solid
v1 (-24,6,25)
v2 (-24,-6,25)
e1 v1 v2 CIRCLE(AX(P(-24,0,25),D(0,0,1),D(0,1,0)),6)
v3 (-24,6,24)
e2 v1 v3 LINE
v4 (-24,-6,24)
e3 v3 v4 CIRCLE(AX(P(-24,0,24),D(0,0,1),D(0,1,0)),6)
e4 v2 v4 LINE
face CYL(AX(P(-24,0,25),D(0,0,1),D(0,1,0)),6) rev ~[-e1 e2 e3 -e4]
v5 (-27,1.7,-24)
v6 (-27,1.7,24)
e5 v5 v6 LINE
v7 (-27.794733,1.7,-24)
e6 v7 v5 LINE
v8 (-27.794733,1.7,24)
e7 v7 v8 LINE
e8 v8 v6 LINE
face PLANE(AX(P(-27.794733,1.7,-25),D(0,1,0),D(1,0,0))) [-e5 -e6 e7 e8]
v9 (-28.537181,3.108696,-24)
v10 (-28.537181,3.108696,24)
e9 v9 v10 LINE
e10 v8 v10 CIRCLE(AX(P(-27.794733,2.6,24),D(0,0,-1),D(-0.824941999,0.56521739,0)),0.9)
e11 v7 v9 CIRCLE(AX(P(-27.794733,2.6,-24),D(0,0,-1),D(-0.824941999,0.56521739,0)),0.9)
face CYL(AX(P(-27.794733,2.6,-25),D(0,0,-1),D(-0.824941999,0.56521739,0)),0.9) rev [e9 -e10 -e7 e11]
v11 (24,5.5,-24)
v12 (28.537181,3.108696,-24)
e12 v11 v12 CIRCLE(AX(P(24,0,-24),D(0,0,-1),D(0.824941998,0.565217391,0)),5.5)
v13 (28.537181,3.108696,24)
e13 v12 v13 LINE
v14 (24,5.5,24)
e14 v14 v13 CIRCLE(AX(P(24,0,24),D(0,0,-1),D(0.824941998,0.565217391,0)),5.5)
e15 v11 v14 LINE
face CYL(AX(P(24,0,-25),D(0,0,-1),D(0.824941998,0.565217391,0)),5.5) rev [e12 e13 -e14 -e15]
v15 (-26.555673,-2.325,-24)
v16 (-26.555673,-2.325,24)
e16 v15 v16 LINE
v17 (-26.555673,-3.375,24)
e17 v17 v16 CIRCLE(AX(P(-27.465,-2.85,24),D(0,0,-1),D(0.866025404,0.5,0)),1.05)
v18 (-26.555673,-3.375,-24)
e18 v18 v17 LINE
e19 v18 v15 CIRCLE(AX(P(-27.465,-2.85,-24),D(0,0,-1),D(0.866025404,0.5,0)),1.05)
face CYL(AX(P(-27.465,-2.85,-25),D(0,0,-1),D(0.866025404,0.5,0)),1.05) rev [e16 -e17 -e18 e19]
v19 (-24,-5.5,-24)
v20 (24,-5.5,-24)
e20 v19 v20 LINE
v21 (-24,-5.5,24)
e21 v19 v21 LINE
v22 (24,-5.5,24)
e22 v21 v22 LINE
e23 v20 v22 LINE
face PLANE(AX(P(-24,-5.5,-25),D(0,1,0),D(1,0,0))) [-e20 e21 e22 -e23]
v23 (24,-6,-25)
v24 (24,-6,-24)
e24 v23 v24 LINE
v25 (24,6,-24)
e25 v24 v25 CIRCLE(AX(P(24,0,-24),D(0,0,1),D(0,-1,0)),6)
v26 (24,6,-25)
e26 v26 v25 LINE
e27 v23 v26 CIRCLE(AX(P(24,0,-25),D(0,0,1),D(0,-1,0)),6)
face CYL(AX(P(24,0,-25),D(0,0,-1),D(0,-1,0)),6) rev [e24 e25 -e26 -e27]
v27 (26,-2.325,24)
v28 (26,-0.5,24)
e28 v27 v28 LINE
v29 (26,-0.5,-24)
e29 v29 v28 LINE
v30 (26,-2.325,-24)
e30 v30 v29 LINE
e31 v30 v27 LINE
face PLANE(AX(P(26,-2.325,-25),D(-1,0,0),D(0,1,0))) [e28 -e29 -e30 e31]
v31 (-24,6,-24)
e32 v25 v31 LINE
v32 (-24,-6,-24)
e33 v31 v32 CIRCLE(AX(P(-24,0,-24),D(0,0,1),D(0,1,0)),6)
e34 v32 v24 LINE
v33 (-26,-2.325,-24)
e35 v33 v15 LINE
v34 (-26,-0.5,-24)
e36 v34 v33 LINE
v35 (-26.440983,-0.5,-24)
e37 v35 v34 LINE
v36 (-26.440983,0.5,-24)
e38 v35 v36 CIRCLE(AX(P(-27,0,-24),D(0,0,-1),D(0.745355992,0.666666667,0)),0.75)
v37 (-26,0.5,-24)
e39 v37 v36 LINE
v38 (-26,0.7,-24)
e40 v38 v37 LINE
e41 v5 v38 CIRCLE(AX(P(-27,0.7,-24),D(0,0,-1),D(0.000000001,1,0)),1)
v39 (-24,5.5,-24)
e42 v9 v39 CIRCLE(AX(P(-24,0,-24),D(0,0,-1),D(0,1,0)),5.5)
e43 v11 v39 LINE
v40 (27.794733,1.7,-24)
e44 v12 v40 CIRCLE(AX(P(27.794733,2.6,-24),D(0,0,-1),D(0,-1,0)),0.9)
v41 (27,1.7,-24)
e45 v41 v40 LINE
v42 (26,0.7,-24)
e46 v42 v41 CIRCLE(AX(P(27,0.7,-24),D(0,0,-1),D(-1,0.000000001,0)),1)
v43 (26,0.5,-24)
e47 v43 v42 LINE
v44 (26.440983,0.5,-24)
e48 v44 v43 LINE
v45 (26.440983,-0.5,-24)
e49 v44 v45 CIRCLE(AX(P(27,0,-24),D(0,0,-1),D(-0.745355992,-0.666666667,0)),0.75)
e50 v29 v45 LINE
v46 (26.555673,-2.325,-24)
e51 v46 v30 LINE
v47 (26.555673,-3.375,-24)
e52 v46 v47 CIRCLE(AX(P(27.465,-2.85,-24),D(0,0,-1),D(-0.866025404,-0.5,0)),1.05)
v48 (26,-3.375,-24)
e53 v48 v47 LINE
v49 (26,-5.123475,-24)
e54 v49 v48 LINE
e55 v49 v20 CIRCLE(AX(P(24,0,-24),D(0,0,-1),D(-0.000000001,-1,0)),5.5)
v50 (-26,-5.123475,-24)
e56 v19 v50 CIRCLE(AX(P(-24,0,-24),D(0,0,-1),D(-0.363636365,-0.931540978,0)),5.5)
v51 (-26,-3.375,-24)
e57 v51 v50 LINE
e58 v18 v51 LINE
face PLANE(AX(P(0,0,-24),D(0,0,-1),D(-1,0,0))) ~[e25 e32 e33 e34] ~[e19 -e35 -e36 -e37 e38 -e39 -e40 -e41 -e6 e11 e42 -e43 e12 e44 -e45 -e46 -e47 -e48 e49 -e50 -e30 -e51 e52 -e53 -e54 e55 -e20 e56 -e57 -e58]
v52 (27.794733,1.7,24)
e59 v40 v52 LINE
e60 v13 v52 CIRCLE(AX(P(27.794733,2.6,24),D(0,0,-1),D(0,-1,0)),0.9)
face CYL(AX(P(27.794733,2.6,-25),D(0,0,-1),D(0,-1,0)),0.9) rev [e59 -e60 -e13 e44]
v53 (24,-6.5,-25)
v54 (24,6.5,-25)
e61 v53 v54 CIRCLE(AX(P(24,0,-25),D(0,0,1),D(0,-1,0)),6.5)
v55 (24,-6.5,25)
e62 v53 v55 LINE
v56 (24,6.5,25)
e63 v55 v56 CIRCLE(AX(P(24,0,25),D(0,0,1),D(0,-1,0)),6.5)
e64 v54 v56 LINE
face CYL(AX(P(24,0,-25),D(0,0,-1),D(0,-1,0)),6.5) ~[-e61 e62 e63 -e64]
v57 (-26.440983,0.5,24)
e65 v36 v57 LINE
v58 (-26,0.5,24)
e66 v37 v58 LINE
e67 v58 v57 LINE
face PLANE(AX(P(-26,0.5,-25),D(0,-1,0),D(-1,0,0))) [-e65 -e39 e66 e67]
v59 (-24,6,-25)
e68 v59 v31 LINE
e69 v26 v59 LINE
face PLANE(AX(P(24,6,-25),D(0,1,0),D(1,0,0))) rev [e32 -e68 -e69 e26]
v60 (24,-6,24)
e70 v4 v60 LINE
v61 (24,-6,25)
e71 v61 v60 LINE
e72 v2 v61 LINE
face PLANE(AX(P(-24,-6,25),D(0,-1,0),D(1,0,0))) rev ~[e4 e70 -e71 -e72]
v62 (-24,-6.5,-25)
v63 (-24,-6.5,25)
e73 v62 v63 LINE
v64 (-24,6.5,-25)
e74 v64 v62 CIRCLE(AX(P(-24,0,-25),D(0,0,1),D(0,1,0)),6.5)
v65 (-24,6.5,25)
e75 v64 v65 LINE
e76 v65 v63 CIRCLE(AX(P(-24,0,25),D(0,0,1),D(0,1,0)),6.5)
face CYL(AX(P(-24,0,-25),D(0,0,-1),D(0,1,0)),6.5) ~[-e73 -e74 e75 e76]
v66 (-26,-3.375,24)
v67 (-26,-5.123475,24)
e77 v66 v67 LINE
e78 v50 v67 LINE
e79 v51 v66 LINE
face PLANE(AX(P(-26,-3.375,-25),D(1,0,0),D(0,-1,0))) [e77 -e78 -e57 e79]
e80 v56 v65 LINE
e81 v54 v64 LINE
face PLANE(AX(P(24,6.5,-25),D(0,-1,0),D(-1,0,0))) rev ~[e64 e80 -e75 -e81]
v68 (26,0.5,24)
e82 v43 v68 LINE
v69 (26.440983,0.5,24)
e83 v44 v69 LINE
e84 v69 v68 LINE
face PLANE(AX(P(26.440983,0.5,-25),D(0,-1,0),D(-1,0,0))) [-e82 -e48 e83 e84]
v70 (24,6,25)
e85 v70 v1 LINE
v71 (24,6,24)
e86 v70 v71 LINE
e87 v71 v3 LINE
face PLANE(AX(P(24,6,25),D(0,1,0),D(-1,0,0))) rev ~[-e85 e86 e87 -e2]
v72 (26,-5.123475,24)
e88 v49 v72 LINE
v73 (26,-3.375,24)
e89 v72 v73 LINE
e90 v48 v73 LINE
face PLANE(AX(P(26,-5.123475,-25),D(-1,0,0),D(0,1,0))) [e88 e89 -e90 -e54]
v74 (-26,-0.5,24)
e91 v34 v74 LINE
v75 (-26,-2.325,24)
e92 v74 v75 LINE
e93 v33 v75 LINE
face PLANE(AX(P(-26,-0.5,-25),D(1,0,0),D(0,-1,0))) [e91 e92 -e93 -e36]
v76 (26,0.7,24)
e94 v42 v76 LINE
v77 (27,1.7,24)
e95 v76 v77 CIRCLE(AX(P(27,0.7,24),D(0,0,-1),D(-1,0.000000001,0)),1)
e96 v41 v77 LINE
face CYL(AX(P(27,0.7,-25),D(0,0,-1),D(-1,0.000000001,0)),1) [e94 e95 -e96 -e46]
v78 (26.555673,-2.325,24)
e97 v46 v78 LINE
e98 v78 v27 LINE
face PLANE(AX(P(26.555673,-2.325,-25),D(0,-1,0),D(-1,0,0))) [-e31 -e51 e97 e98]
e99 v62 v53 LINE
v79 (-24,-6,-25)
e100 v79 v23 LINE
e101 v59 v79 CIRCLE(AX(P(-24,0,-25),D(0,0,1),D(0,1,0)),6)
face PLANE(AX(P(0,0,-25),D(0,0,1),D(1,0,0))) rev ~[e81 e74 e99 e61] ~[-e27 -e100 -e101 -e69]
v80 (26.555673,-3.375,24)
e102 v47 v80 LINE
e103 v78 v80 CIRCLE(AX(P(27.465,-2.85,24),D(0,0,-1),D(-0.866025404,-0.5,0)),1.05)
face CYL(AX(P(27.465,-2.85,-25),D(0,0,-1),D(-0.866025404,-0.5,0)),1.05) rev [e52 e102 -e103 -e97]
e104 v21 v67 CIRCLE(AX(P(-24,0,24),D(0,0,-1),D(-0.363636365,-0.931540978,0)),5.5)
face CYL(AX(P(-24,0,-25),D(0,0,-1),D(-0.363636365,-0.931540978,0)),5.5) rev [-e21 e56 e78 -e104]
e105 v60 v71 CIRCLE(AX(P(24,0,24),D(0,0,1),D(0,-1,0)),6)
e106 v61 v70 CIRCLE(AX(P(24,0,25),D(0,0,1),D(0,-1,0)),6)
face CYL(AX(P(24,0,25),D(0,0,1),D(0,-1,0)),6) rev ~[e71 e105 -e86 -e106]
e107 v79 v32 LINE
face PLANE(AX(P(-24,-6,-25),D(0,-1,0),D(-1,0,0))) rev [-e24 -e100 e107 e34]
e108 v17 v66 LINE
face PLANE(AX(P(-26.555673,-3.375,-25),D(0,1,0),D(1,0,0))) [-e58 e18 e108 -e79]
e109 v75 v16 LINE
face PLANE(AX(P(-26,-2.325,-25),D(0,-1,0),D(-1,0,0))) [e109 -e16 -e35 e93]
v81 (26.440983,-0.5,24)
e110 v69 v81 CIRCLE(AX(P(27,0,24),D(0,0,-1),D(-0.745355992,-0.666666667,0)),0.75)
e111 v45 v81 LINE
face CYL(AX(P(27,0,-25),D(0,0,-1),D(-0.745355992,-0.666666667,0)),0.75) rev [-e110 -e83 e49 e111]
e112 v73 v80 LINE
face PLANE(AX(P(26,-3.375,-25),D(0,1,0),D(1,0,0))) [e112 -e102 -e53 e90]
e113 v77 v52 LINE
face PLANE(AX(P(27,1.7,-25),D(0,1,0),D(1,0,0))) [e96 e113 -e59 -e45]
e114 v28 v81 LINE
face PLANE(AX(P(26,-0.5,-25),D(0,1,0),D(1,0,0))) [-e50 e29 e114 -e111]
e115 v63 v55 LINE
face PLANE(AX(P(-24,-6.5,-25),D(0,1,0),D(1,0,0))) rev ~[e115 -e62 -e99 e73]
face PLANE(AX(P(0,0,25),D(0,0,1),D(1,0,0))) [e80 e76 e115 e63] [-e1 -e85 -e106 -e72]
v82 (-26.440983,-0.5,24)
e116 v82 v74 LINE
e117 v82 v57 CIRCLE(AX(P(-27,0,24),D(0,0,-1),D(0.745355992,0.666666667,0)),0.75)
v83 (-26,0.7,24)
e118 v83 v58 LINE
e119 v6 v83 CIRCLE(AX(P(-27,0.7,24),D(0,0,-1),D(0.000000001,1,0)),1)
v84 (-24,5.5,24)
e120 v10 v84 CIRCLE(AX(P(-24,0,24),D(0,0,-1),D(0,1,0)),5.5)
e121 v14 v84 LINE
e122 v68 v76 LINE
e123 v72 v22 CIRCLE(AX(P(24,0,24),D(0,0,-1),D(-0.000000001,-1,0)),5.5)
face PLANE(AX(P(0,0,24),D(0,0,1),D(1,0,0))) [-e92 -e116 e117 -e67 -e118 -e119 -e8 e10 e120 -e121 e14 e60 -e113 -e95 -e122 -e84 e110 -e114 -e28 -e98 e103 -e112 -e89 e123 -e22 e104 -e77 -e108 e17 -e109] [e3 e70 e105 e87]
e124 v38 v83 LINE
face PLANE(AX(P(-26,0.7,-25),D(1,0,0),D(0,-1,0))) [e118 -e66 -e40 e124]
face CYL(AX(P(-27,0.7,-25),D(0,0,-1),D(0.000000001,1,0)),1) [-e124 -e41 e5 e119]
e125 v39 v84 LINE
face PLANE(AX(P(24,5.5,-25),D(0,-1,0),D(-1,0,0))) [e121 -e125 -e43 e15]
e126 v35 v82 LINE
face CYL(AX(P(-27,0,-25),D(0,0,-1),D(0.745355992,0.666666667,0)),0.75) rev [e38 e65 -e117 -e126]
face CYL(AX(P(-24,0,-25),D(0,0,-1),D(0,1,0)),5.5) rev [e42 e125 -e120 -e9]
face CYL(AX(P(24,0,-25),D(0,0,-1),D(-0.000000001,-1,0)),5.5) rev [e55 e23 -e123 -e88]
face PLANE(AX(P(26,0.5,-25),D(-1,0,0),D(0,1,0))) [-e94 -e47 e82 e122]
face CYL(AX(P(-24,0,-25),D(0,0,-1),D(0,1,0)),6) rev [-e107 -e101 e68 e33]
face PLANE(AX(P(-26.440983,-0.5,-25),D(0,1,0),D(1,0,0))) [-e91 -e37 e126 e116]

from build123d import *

# Parameters (mm, degrees)
BOSS_EXTRUDE1_DEPTH      = 25
BOSS_EXTRUDE1_DEPTH_BACK = 25
CUT_EXTRUDE1_DEPTH       = 1


with BuildPart() as part:
    # Sketch1 → Boss-Extrude1 (new, two sides: drawn at the far end of the back side and taken through both)
    with BuildSketch(Plane.XY.offset(-BOSS_EXTRUDE1_DEPTH_BACK)):
        with BuildLine():
            Line((24, 6.5), (-24, 6.5))
            ThreePointArc((-24, 6.5), (-30.5, 0), (-24, -6.5))
            Line((-24, -6.5), (24, -6.5))
            ThreePointArc((24, -6.5), (30.5, 0), (24, 6.5))
        make_face()
        with BuildLine():
            Line((24, 5.5), (-24, 5.5))
            ThreePointArc((-24, 5.5), (-26.564388223, 4.865584553), (-28.537180991, 3.108695652))
            ThreePointArc((-28.537180991, 3.108695652), (-28.590919755, 2.180372836), (-27.794733192, 1.7))
            Line((-27.794733192, 1.7), (-27, 1.7))
            ThreePointArc((-27, 1.7), (-26.292893219, 1.407106781), (-26, 0.7))
            Line((-26, 0.7), (-26, 0.5))
            Line((-26, 0.5), (-26.440983006, 0.5))
            ThreePointArc((-26.440983006, 0.5), (-27.75, 0), (-26.440983006, -0.5))
            Line((-26.440983006, -0.5), (-26, -0.5))
            Line((-26, -0.5), (-26, -2.325))
            Line((-26, -2.325), (-26.555673326, -2.325))
            ThreePointArc((-26.555673326, -2.325), (-28.515, -2.85), (-26.555673326, -3.375))
            Line((-26.555673326, -3.375), (-26, -3.375))
            Line((-26, -3.375), (-26, -5.123475383))
            ThreePointArc((-26, -5.123475383), (-25.017567048, -5.405049242), (-24, -5.5))
            Line((-24, -5.5), (24, -5.5))
            ThreePointArc((24, -5.5), (25.017567048, -5.405049242), (26, -5.123475383))
            Line((26, -5.123475383), (26, -3.375))
            Line((26, -3.375), (26.555673326, -3.375))
            ThreePointArc((26.555673326, -3.375), (28.515, -2.85), (26.555673326, -2.325))
            Line((26.555673326, -2.325), (26, -2.325))
            Line((26, -2.325), (26, -0.5))
            Line((26, -0.5), (26.440983006, -0.5))
            ThreePointArc((26.440983006, -0.5), (27.75, 0), (26.440983006, 0.5))
            Line((26.440983006, 0.5), (26, 0.5))
            Line((26, 0.5), (26, 0.7))
            ThreePointArc((26, 0.7), (26.292893219, 1.407106781), (27, 1.7))
            Line((27, 1.7), (27.794733192, 1.7))
            ThreePointArc((27.794733192, 1.7), (28.590919755, 2.180372836), (28.537180991, 3.108695652))
            ThreePointArc((28.537180991, 3.108695652), (26.564388223, 4.865584553), (24, 5.5))
        make_face(mode=Mode.SUBTRACT)
    extrude(amount=BOSS_EXTRUDE1_DEPTH + BOSS_EXTRUDE1_DEPTH_BACK)

    # Sketch2 → Cut-Extrude1 (cut)
    with BuildSketch(Plane.XY.offset(25)):
        with BuildLine():
            Line((24, 6), (-24, 6))
            ThreePointArc((-24, 6), (-30, 0), (-24, -6))
            Line((-24, -6), (24, -6))
            ThreePointArc((24, -6), (30, 0), (24, 6))
        make_face()
    cut_extrude1 = extrude(amount=-CUT_EXTRUDE1_DEPTH, mode=Mode.SUBTRACT)

    # Mirror1: Cut-Extrude1 across plane
    add(cut_extrude1.mirror(Plane.XY), mode=Mode.SUBTRACT)


solid = part.part
